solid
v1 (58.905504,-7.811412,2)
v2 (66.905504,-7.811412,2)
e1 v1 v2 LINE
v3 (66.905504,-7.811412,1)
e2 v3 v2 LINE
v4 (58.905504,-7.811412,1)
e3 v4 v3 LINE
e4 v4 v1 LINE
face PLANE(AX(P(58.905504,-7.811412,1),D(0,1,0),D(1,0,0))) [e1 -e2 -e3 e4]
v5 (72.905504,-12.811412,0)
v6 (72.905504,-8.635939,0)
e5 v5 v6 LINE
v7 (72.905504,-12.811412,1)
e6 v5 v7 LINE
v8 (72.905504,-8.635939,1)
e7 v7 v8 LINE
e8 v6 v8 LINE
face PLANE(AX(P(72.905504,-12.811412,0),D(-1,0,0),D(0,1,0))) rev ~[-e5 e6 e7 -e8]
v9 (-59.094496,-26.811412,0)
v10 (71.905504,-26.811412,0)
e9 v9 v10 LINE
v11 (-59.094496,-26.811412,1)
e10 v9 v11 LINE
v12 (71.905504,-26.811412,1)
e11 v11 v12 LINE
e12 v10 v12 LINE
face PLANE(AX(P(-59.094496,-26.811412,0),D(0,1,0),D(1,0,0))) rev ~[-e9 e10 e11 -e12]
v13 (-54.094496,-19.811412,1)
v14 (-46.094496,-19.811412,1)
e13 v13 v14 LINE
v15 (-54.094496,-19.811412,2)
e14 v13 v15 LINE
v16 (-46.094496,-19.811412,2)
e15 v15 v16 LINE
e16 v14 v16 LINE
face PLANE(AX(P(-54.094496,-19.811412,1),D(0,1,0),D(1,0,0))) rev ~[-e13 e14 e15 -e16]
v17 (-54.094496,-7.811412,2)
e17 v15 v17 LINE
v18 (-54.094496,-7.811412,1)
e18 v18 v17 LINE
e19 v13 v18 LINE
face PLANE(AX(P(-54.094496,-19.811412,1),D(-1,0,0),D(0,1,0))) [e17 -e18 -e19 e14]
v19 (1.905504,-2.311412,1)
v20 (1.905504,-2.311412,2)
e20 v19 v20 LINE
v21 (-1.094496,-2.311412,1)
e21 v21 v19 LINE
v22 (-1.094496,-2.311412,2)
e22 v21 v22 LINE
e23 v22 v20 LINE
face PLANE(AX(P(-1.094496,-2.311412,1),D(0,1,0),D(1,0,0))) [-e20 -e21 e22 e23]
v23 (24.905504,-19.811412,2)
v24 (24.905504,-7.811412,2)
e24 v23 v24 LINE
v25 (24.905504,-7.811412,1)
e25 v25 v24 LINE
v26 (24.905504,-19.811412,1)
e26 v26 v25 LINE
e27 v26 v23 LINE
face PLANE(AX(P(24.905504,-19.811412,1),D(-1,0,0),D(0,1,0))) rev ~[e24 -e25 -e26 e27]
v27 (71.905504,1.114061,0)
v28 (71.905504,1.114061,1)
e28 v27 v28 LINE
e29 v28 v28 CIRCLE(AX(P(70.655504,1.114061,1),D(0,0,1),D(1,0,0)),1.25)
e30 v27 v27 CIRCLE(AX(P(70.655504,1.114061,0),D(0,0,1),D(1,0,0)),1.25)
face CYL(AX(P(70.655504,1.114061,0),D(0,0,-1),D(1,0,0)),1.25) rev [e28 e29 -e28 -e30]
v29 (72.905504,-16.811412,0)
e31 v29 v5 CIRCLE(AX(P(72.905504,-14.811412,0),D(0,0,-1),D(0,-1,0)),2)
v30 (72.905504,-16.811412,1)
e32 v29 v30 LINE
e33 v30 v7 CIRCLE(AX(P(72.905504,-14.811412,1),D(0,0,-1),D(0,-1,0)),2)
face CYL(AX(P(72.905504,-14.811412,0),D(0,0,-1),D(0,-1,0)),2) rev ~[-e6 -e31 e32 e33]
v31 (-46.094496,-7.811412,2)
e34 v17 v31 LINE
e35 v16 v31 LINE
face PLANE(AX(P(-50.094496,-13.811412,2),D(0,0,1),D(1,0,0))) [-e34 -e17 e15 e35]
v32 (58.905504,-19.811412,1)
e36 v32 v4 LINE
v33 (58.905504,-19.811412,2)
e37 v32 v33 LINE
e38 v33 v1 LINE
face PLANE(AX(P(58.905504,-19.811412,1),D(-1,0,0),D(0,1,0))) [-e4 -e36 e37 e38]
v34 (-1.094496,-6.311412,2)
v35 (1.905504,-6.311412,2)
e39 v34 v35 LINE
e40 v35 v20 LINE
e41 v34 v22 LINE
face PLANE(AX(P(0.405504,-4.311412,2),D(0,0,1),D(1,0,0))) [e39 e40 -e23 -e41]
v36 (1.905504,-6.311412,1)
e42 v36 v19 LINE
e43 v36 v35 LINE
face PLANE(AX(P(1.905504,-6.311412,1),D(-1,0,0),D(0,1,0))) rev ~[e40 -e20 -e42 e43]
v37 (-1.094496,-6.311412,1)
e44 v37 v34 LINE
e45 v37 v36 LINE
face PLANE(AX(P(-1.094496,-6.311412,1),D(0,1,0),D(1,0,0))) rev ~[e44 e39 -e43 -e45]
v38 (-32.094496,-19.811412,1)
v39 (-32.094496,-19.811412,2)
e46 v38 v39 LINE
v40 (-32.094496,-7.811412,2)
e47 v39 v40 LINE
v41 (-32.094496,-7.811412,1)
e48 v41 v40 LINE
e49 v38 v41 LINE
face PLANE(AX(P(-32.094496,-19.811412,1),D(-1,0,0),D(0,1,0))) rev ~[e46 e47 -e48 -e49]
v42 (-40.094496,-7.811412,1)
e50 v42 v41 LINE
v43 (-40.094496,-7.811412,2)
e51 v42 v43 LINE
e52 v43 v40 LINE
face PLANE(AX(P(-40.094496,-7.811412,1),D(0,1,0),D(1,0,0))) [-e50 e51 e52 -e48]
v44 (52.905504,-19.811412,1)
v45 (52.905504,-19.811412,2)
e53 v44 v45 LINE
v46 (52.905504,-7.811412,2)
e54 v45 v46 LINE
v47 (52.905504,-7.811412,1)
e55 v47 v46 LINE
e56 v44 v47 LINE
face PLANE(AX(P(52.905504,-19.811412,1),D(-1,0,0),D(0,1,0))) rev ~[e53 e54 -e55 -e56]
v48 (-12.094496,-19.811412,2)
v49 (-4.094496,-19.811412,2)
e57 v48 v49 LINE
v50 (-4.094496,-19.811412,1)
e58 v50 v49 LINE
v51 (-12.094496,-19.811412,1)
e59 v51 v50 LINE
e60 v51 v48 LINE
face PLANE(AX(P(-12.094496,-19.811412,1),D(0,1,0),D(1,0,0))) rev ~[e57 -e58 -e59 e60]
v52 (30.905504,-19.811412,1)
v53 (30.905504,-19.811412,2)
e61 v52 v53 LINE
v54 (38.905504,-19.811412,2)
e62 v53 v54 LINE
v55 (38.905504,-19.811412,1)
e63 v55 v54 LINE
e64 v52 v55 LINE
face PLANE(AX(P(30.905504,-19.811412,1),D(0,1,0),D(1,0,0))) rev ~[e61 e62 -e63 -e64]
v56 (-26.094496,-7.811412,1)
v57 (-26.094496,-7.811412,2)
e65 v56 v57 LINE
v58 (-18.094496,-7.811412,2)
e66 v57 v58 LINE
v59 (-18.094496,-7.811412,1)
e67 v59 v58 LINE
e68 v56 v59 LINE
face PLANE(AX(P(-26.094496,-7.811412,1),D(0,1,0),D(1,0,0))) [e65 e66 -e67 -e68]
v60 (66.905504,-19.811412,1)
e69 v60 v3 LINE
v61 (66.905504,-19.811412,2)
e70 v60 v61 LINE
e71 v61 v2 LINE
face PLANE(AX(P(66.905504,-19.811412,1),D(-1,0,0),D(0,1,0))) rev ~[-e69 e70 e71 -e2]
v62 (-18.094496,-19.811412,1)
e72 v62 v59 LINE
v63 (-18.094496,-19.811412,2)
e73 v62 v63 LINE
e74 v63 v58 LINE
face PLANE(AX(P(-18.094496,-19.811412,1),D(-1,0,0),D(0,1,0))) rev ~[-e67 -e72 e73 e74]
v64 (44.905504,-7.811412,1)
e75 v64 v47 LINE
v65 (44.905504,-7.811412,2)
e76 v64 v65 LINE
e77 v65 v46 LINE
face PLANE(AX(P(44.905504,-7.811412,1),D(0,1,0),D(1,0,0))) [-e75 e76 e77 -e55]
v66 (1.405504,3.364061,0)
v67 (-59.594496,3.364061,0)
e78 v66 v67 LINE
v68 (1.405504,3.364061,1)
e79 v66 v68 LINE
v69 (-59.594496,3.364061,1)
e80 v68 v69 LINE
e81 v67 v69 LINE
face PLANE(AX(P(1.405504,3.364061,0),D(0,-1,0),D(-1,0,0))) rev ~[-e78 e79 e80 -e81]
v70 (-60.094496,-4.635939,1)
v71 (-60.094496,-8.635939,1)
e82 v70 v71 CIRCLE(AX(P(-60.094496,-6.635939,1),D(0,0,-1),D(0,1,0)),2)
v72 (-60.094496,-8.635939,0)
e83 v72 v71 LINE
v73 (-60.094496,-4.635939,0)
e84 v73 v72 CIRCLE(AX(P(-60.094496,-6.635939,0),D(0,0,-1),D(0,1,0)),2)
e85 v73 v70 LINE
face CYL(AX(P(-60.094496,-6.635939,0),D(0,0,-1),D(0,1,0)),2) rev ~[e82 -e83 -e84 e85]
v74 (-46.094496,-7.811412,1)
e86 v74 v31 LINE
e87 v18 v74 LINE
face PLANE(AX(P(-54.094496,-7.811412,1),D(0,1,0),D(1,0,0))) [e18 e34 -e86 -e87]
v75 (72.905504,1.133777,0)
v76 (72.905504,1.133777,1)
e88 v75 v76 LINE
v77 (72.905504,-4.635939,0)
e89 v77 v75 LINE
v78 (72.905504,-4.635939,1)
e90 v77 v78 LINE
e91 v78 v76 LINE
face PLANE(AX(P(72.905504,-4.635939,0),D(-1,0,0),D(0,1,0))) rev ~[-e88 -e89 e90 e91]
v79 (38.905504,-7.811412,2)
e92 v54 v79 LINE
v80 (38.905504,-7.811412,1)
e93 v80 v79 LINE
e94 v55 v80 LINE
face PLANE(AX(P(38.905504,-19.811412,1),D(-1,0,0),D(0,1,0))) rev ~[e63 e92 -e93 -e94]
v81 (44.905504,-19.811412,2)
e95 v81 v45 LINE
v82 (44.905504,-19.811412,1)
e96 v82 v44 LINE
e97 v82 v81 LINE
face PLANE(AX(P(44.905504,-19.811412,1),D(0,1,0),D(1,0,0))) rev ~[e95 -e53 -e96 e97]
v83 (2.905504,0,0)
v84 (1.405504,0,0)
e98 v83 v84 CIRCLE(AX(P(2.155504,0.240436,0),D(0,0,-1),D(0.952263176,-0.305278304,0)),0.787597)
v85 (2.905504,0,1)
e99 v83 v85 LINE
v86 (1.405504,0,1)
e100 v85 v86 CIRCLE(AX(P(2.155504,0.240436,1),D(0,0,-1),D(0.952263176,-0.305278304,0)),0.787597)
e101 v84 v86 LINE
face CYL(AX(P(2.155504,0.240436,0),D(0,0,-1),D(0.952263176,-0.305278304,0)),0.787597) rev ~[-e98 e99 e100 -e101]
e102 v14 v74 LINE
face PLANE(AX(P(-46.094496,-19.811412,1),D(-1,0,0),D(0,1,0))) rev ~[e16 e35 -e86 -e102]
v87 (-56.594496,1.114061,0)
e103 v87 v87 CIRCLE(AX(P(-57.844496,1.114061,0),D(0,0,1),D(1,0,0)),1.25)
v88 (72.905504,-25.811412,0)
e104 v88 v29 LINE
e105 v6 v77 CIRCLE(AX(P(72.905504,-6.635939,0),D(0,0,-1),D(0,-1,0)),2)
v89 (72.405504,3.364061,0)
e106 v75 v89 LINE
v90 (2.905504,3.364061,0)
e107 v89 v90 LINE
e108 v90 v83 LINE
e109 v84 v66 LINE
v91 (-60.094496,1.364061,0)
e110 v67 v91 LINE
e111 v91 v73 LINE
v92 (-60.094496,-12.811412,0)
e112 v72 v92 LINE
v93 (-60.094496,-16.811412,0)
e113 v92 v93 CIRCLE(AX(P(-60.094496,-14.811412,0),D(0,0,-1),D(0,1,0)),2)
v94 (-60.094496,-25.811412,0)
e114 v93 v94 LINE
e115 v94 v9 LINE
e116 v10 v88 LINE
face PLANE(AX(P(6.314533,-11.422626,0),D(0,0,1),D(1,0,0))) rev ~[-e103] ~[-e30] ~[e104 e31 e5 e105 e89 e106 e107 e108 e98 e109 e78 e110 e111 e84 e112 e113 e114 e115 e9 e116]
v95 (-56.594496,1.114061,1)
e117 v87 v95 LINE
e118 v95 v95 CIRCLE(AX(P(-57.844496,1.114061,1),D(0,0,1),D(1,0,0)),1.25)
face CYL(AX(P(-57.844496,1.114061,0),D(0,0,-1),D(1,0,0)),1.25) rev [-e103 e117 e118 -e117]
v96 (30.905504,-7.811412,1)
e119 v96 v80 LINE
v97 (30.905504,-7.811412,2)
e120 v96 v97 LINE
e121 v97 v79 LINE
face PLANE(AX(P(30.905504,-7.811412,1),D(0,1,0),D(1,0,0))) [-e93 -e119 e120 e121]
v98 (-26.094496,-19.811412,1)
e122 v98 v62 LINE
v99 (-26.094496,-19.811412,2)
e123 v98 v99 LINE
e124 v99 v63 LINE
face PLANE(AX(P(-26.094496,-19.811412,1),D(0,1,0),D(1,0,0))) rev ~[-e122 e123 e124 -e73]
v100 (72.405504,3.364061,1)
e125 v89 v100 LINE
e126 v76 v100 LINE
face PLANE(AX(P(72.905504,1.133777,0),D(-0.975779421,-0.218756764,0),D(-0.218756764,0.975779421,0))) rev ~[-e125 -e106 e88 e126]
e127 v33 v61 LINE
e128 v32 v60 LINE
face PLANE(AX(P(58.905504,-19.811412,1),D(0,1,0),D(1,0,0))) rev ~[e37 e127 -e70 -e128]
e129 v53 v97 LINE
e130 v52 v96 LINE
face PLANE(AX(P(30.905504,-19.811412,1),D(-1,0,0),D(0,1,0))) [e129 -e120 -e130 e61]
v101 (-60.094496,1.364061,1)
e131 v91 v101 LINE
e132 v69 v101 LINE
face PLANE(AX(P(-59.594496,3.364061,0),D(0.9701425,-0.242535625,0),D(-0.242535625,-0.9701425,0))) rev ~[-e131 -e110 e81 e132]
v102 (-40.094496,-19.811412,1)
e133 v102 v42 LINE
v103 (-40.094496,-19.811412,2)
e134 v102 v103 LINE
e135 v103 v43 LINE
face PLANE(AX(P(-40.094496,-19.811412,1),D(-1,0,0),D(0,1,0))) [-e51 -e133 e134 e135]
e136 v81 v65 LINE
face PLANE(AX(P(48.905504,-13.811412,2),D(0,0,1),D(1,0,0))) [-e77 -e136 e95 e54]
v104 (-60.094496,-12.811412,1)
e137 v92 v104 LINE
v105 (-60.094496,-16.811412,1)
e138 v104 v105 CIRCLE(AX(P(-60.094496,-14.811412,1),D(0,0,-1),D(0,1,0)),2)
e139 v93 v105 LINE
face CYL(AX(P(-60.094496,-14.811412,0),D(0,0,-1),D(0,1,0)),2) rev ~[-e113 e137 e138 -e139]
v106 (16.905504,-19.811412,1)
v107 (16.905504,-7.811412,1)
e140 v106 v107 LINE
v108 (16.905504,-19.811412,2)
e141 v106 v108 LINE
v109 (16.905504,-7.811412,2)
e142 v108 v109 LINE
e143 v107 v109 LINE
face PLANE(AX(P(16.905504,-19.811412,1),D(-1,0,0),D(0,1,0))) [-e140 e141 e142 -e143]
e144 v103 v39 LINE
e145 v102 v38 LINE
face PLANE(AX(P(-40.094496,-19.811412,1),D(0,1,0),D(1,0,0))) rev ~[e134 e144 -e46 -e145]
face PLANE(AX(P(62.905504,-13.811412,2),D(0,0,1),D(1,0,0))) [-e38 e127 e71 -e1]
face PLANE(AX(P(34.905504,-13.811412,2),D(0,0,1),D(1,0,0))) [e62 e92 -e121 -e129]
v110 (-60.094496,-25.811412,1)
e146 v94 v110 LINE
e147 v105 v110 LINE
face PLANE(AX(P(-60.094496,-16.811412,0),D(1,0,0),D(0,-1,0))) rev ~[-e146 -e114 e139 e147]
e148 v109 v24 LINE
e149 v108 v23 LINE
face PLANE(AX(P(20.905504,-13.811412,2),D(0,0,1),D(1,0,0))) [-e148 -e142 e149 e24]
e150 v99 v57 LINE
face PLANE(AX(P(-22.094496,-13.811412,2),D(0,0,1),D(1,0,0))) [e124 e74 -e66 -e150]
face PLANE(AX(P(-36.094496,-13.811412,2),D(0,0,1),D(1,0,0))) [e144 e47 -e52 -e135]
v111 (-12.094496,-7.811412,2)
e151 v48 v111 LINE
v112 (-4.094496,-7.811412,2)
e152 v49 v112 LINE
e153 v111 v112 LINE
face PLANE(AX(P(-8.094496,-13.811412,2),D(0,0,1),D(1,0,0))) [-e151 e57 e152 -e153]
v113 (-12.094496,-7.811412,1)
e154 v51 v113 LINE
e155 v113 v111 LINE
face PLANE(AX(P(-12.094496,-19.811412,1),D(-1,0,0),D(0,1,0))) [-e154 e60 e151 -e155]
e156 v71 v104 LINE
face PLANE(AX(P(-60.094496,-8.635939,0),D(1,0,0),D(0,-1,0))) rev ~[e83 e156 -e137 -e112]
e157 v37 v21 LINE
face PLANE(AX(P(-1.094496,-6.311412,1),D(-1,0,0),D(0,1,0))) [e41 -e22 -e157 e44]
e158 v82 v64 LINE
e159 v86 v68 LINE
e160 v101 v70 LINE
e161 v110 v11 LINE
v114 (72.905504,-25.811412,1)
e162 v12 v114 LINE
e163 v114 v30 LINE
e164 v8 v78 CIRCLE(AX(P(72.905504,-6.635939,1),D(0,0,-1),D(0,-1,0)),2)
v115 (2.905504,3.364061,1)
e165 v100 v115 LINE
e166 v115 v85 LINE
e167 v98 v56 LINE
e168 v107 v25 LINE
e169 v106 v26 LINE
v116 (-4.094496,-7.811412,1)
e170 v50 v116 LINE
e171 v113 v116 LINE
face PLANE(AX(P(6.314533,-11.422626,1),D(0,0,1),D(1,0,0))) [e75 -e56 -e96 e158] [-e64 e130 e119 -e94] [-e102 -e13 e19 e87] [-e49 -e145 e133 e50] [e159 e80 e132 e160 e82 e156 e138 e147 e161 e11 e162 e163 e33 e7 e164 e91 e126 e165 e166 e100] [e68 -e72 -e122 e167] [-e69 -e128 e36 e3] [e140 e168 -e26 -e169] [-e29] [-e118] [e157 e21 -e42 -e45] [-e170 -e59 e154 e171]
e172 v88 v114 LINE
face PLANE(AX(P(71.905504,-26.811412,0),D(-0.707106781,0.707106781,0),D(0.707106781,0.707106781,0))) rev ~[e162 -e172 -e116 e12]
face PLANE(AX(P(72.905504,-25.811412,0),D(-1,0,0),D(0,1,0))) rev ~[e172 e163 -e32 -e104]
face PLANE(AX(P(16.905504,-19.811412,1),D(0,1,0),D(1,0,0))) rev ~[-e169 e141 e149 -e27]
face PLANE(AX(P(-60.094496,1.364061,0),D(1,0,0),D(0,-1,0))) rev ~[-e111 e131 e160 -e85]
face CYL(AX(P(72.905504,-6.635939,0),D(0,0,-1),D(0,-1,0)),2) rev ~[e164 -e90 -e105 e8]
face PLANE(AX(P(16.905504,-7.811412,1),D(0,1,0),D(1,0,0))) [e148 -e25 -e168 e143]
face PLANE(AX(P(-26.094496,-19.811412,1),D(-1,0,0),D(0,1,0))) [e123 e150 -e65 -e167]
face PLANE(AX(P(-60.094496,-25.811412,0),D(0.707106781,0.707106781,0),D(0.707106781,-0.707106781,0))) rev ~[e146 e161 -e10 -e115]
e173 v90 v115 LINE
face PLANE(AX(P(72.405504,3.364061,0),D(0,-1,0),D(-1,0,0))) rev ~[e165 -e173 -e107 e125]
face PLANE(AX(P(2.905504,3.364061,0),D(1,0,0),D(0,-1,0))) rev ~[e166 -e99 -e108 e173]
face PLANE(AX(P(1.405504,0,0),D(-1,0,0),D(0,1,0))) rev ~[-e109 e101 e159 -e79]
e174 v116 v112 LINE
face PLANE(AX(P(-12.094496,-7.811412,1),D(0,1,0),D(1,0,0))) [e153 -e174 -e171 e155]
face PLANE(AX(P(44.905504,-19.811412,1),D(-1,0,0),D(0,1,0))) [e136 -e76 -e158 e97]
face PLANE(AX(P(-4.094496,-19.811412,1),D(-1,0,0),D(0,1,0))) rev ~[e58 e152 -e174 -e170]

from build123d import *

# Parameters (mm, degrees)
F0_R     = 1.25
F1_DEPTH = 1
F2_W     = 8
F2_H     = 12
F2_W_2   = 3
F2_H_2   = 4
F3_DEPTH = 1


with BuildPart() as f1:
    # F0 (on Top) → F1 (new body)
    with BuildSketch(Plane.XY):
        with BuildLine():
            Line((1.405504, 3.364061), (-59.594496, 3.364061))
            Line((-59.594496, 3.364061), (-60.094496, 1.364061))
            Line((-60.094496, 1.364061), (-60.094496, -4.635939))
            ThreePointArc((-60.094496, -4.635939), (-58.094496, -6.635939), (-60.094496, -8.635939))
            Line((-60.094496, -8.635939), (-60.094496, -12.811412))
            ThreePointArc((-60.094496, -12.811412), (-58.094496, -14.811412), (-60.094496, -16.811412))
            Line((-60.094496, -16.811412), (-60.094496, -25.811412))
            Line((-60.094496, -25.811412), (-59.094496, -26.811412))
            Line((-59.094496, -26.811412), (71.905504, -26.811412))
            Line((71.905504, -26.811412), (72.905504, -25.811412))
            Line((72.905504, -25.811412), (72.905504, -16.811412))
            ThreePointArc((72.905504, -16.811412), (70.905504, -14.811412), (72.905504, -12.811412))
            Line((72.905504, -12.811412), (72.905504, -8.635939))
            ThreePointArc((72.905504, -8.635939), (70.905504, -6.635939), (72.905504, -4.635939))
            Line((72.905504, -4.635939), (72.905504, 1.133777))
            Line((72.905504, 1.133777), (72.405504, 3.364061))
            Line((72.405504, 3.364061), (2.905504, 3.364061))
            Line((2.905504, 3.364061), (2.905504, 0))
            ThreePointArc((2.905504, 0), (2.155504, -0.547161), (1.405504, 0))
            Line((1.405504, 0), (1.405504, 3.364061))
        make_face()
        with Locations((-57.844496, 1.114061)):
            Circle(F0_R, mode=Mode.SUBTRACT)
        with Locations((70.655504, 1.114061)):
            Circle(F0_R, mode=Mode.SUBTRACT)
    extrude(amount=F1_DEPTH)

    # F2 (on face) → F3 (join)
    with BuildSketch(Plane.XY.offset(1)):
        with Locations((-50.094496, -13.811412)):
            Rectangle(F2_W, F2_H)
        with Locations((-36.094496, -13.811412)):
            Rectangle(F2_W, F2_H)
        with Locations((-22.094496, -13.811412)):
            Rectangle(F2_W, F2_H)
        with Locations((-8.094496, -13.811412)):
            Rectangle(F2_W, F2_H)
        with Locations((62.905504, -13.811412)):
            Rectangle(F2_W, F2_H)
        with Locations((48.905504, -13.811412)):
            Rectangle(F2_W, F2_H)
        with Locations((34.905504, -13.811412)):
            Rectangle(F2_W, F2_H)
        with Locations((20.905504, -13.811412)):
            Rectangle(F2_W, F2_H)
        with Locations((0.405504, -4.311412)):
            Rectangle(F2_W_2, F2_H_2)
    extrude(amount=F3_DEPTH)


solid = f1.part
